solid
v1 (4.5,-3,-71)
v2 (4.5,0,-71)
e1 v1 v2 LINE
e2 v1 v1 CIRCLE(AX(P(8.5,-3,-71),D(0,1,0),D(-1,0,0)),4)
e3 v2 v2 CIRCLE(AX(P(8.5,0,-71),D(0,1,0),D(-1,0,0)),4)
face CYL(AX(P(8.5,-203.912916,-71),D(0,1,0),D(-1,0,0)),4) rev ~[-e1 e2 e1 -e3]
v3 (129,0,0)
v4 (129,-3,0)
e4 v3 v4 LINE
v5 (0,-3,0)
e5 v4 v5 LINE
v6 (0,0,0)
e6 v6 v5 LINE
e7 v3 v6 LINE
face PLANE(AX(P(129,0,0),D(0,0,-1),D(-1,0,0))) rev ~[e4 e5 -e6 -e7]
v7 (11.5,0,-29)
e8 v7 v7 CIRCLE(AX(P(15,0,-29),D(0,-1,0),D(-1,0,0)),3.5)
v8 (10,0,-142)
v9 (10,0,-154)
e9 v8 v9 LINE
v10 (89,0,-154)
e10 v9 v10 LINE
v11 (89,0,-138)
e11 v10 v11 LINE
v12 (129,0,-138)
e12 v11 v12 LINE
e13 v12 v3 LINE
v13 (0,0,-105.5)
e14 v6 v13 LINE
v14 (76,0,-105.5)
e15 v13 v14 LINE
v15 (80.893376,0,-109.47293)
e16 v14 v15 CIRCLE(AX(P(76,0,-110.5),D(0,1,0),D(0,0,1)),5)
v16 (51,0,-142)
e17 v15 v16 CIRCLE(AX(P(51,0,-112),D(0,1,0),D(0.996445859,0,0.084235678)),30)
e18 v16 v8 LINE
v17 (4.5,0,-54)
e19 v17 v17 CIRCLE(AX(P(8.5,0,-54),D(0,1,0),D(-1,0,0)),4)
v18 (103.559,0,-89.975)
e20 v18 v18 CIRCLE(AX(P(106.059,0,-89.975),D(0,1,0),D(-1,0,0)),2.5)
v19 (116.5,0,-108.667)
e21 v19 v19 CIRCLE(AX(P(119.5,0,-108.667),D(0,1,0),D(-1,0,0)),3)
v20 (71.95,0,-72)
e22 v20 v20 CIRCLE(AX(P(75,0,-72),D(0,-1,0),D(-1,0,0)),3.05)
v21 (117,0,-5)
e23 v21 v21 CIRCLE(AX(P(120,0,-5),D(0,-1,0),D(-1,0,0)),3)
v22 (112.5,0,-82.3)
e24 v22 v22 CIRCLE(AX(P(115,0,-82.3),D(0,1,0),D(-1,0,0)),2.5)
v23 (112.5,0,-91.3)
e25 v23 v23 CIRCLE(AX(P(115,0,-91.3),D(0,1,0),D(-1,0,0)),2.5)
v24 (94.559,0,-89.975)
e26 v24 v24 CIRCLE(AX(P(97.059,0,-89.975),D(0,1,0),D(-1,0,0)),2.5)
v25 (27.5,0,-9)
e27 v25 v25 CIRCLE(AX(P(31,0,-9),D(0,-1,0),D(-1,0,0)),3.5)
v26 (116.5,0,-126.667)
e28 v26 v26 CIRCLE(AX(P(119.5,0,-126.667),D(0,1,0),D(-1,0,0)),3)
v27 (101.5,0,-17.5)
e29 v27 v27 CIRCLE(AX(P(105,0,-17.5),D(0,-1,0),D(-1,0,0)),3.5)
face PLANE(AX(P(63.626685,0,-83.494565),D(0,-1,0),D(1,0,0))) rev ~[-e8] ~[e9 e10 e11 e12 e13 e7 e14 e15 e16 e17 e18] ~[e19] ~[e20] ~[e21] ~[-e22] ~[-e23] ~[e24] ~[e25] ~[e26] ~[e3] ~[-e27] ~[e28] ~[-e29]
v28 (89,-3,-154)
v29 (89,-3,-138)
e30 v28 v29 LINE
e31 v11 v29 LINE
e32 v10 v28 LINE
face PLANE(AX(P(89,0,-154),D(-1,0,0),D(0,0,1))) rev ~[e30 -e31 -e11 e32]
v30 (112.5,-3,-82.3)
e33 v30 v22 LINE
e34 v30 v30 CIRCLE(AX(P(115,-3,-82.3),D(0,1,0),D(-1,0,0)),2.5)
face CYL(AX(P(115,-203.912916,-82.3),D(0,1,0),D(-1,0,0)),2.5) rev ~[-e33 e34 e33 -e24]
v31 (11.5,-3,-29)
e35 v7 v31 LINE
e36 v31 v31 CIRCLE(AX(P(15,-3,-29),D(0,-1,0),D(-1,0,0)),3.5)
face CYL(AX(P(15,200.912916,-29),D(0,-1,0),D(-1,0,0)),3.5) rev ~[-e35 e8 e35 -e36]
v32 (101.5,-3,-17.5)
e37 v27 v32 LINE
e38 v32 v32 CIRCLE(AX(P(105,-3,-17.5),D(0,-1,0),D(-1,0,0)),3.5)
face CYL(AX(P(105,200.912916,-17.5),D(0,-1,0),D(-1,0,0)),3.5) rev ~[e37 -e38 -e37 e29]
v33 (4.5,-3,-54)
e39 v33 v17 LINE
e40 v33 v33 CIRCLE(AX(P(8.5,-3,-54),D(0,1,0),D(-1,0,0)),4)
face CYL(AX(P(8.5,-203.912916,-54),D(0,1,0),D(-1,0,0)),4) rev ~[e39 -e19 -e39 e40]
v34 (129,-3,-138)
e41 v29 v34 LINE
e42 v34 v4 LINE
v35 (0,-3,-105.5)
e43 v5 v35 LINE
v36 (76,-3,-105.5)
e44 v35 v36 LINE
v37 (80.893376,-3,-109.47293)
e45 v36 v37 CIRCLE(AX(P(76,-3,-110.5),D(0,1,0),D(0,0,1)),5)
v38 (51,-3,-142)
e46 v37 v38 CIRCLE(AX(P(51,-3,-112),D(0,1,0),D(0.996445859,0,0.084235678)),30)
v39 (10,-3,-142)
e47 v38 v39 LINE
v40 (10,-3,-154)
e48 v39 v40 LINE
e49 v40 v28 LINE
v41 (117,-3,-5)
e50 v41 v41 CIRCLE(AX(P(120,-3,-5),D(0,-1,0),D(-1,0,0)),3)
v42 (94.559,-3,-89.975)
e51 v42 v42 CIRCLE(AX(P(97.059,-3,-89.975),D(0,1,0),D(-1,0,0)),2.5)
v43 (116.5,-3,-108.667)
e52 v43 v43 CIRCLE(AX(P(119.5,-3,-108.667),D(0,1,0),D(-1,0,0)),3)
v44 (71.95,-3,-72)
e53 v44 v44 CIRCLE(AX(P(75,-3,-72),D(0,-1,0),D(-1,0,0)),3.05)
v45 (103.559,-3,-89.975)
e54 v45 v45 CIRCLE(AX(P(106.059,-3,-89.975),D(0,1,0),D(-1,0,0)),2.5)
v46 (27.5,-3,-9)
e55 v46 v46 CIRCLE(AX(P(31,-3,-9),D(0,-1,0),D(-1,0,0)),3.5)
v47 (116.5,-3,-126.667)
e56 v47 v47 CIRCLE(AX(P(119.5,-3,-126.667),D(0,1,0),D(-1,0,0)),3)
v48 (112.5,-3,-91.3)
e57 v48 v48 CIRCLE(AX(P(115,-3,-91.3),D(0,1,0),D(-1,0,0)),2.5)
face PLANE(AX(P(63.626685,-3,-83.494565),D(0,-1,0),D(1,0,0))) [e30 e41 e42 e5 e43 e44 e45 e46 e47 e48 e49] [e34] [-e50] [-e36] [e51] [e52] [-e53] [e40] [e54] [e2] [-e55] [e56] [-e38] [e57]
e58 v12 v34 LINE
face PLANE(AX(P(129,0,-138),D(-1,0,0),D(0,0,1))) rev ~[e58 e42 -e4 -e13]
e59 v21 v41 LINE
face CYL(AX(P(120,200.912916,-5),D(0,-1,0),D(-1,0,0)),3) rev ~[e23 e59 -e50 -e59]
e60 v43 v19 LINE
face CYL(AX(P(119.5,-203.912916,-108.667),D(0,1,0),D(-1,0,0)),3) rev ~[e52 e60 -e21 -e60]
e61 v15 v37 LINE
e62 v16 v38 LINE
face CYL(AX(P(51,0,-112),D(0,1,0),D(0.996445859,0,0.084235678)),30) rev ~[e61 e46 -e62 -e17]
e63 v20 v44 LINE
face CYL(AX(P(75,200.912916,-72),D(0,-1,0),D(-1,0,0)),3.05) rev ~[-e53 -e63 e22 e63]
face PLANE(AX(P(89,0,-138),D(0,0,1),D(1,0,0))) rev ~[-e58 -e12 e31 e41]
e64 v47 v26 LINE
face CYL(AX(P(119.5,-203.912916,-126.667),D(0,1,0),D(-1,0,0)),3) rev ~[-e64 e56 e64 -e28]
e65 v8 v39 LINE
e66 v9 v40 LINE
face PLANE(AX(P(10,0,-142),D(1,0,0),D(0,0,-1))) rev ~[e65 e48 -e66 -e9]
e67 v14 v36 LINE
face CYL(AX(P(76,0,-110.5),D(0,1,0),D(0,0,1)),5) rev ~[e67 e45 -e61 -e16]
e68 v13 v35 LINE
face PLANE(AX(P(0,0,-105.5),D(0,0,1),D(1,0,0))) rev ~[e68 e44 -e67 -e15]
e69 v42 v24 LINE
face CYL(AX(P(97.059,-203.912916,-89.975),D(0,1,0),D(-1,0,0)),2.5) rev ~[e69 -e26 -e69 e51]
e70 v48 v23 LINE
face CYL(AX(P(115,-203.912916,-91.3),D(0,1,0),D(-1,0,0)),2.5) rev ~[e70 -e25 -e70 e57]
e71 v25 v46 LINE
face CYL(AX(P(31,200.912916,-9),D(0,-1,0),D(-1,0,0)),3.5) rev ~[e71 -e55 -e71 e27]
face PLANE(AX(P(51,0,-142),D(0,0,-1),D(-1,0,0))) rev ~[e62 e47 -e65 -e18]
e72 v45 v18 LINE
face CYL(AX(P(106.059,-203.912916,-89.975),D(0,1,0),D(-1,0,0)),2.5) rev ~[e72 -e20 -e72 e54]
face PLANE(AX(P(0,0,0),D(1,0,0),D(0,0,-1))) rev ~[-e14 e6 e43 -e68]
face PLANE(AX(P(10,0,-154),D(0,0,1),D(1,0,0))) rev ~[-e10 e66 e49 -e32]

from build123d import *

# Parameters (mm, degrees)
F1_DEPTH = 3
F2_D     = 6
F3_D     = 7
F4_D     = 6.1
F6_D     = 5
F7_D     = 8
F8_D     = 6


with BuildPart() as f1:
    # F0 (on Front) → F1 (new body)
    with BuildSketch(Plane.XZ):
        with BuildLine():
            Line((129, 0), (0, 0))
            Line((0, 0), (0, -105.5))
            Line((0, -105.5), (76, -105.5))
            ThreePointArc((76, -105.5), (79.1515590041, -106.6182895724), (80.8933757798, -109.4729296625))
            ThreePointArc((80.8933757798, -109.4729296625), (73.0885955883, -132.3000971657), (51, -142))
            Line((51, -142), (10, -142))
            Line((10, -142), (10, -154))
            Line((10, -154), (89, -154))
            Line((89, -154), (89, -138))
            Line((89, -138), (129, -138))
            Line((129, -138), (129, 0))
        make_face()
    extrude(amount=F1_DEPTH)

    # F2 (through all)
    with Locations(Plane(origin=(0, 0, 0), x_dir=(1, 0, 0), z_dir=(0, 1, 0))):
        with Locations((120, 5)):
            Hole(F2_D / 2)

    # F3 (through all)
    with Locations(Plane(origin=(0, 0, 0), x_dir=(1, 0, 0), z_dir=(0, 1, 0))):
        with Locations((15, 29), (31, 9), (105, 17.5)):
            Hole(F3_D / 2)

    # F4 (through all)
    with Locations(Plane(origin=(0, 0, 0), x_dir=(1, 0, 0), z_dir=(0, 1, 0))):
        with Locations((75, 72)):
            Hole(F4_D / 2)

    # F6 (through all)
    with Locations(Plane.XZ.offset(3)):
        with Locations((106.059, -89.975), (115, -91.3), (115, -82.3), (97.059, -89.975)):
            Hole(F6_D / 2)

    # F7 (through all)
    with Locations(Plane.XZ.offset(3)):
        with Locations((8.5, -71), (8.5, -54)):
            Hole(F7_D / 2)

    # F8 (through all)
    with Locations(Plane.XZ.offset(3)):
        with Locations((119.5, -108.667), (119.5, -126.667)):
            Hole(F8_D / 2)


solid = f1.part
